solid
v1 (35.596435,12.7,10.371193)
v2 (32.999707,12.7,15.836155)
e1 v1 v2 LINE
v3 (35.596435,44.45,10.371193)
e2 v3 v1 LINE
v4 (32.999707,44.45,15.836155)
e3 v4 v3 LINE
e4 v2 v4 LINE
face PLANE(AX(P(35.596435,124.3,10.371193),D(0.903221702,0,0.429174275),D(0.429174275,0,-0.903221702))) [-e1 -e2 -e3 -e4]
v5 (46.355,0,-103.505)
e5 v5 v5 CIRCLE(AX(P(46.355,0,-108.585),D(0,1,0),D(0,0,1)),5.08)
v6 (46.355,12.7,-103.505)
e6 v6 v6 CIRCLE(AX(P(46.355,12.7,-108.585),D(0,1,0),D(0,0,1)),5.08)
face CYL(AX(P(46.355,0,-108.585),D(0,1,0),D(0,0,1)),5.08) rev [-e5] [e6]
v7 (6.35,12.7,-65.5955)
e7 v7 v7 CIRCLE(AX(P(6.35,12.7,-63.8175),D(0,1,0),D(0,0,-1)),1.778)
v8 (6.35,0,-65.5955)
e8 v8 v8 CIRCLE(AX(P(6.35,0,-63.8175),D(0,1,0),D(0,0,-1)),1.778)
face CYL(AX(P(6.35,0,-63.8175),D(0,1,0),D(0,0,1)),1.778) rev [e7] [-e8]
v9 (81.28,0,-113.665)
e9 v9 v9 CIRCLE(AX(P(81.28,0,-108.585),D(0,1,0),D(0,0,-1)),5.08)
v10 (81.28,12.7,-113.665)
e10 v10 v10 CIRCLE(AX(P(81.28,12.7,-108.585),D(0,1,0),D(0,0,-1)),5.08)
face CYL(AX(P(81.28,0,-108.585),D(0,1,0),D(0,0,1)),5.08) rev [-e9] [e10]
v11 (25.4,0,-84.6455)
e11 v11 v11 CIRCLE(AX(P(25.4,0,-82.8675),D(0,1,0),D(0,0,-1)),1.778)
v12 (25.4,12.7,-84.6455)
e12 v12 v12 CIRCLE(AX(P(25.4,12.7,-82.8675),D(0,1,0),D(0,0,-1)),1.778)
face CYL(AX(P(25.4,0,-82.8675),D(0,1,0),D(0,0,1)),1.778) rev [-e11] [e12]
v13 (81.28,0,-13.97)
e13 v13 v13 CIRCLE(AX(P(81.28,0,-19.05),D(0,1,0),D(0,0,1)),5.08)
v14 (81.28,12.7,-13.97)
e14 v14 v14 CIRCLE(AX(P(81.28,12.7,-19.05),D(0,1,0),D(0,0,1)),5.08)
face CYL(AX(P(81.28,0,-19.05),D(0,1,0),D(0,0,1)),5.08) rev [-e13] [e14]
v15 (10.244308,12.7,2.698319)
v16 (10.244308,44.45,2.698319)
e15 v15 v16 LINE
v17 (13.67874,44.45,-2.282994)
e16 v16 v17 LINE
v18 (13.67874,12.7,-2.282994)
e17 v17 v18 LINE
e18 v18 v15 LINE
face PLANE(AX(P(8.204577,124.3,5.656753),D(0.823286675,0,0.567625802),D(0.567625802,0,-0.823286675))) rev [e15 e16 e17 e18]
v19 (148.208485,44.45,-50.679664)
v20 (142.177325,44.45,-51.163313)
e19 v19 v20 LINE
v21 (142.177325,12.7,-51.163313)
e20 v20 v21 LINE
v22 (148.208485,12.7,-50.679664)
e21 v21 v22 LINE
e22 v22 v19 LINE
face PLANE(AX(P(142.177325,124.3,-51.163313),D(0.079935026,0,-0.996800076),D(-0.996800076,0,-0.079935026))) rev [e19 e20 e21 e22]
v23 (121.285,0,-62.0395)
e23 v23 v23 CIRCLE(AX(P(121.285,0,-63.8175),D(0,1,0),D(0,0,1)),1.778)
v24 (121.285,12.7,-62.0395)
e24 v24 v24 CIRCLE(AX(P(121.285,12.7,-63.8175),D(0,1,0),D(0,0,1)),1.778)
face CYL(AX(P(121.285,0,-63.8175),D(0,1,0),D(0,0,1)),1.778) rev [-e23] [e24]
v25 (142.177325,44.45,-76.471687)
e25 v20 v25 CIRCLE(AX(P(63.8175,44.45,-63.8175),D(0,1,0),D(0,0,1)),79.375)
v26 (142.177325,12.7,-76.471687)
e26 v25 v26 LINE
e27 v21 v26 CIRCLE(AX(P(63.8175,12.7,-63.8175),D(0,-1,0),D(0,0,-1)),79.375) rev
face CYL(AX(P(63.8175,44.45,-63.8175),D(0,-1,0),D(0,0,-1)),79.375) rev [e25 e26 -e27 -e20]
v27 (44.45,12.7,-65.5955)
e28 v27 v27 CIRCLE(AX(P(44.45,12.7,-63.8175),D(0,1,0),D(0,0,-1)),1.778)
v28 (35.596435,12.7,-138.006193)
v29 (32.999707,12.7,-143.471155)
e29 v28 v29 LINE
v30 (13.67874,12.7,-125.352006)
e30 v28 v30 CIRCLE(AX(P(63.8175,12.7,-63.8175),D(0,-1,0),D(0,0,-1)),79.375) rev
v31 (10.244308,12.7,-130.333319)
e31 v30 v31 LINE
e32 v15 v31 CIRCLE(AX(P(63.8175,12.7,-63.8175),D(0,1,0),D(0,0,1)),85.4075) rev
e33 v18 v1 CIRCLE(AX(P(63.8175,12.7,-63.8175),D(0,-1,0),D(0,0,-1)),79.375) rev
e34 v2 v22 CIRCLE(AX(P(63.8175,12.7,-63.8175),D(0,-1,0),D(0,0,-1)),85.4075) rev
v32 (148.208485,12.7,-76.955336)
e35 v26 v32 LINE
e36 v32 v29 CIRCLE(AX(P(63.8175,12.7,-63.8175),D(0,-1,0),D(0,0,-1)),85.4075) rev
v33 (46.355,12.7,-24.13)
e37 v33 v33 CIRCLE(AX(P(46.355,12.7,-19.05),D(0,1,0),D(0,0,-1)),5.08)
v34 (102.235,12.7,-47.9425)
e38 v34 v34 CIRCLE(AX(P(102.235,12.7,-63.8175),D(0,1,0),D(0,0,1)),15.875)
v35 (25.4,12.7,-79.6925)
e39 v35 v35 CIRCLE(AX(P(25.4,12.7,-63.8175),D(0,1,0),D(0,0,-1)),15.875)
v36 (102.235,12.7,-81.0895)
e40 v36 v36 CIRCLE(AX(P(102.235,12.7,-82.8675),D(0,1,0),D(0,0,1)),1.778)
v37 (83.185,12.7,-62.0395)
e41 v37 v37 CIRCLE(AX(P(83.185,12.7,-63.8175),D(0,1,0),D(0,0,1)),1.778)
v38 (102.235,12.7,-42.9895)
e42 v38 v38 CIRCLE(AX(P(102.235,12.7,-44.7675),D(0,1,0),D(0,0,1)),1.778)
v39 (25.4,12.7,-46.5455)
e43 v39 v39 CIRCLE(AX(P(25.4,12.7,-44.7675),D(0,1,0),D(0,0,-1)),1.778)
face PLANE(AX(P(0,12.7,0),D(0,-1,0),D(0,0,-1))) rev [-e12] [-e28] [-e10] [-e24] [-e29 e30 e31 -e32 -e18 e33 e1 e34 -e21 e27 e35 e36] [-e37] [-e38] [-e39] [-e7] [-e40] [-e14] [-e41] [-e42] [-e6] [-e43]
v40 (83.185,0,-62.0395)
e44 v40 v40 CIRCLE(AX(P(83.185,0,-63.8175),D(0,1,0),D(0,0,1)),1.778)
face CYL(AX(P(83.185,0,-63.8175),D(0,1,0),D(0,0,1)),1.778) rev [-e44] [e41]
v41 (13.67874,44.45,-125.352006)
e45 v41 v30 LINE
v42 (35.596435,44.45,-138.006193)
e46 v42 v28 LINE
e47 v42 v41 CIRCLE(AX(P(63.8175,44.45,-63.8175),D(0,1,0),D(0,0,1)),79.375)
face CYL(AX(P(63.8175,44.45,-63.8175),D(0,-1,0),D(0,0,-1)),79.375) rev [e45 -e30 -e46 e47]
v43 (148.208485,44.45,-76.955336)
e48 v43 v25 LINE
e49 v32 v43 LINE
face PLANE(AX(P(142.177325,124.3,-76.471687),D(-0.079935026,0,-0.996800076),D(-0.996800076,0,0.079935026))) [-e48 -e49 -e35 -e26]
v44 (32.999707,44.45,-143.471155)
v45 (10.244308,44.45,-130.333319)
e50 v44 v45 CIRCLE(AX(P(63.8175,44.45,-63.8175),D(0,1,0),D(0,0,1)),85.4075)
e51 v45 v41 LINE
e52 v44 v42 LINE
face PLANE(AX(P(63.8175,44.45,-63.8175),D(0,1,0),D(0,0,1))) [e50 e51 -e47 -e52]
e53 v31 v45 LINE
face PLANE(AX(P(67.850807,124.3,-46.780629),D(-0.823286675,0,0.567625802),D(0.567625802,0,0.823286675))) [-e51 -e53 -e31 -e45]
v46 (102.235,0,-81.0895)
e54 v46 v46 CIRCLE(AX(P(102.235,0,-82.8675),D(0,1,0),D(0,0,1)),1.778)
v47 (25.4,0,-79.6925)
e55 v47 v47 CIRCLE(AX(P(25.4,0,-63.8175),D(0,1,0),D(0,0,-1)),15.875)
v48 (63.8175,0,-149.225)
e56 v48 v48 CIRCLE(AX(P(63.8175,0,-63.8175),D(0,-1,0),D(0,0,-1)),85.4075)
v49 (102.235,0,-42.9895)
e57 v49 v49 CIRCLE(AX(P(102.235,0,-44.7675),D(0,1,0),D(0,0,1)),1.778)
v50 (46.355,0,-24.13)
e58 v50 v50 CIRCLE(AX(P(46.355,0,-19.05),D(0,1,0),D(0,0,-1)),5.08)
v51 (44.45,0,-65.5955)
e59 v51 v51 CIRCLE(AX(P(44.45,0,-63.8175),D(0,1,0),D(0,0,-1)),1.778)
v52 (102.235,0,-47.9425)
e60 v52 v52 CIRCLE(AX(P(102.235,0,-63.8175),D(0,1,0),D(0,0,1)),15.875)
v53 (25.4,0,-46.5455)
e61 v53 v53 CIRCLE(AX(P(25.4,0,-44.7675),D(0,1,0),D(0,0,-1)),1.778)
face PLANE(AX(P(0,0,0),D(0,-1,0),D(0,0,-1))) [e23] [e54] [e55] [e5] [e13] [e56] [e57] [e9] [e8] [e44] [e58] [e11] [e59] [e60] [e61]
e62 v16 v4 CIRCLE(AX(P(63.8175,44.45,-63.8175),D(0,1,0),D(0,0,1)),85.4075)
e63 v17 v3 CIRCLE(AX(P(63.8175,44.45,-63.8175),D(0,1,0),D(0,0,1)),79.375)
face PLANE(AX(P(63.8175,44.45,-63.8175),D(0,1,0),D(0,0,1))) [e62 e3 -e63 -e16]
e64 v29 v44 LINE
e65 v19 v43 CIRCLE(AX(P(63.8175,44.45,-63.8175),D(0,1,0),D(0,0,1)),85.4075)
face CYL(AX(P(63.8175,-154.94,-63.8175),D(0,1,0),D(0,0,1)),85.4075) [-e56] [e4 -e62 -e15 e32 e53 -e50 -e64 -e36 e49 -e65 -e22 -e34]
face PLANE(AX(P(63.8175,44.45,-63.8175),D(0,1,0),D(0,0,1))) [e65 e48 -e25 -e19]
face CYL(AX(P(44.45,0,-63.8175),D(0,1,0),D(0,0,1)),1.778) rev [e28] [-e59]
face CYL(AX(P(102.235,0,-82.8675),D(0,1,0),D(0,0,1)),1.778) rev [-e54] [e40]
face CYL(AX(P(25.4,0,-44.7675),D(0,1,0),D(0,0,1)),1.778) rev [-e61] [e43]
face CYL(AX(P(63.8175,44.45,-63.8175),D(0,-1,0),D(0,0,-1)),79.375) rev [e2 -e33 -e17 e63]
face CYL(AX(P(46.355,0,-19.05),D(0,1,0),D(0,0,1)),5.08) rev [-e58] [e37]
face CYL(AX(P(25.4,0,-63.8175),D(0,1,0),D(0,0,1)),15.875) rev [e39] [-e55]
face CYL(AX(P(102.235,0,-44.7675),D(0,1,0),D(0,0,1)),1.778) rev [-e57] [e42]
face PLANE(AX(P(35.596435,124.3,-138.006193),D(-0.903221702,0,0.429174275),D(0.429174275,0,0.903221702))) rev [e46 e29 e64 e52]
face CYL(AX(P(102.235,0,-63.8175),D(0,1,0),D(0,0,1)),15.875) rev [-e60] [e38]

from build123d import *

# Parameters (mm, degrees)
SKETCH1_W           = 127.635
SKETCH1_H           = 127.635
MAIN_PLATE_DEPTH    = 12.7
SKETCH9_R           = 85.725
BOSS_EXTRUDE1_DEPTH = 12.7
SKETCH10_R          = 95.25
SKETCH10_R_2        = 85.4075
CUT_EXTRUDE1_DEPTH  = 167.64
SKETCH18_R          = 85.4075
SKETCH18_R_2        = 79.375
BOSS_EXTRUDE2_DEPTH = 38.1
SKETCH21_R          = 15.875
SKETCH21_R_2        = 1.778
CO2_MOUNTS_DEPTH    = 13.7
SKETCH22_R          = 5.08
CUT_EXTRUDE5_DEPTH  = 13.7
SKETCH23_R          = 79.375
CUT_EXTRUDE6_DEPTH  = 111.600000066


with BuildPart() as part:
    # Sketch1 → Main Plate (new body)
    with BuildSketch(Plane(origin=(0, 0, 0), x_dir=(1, 0, 0), z_dir=(0, 1, 0))):
        with Locations((63.8175, 63.8175)):
            Rectangle(SKETCH1_W, SKETCH1_H)
    extrude(amount=MAIN_PLATE_DEPTH)

    # Sketch9 → Boss-Extrude1 (add)
    with BuildSketch(Plane(origin=(0, 12.7, 0), x_dir=(1, 0, 0), z_dir=(0, 1, 0))):
        with Locations((63.8175, 63.8175)):
            Circle(SKETCH9_R)
    extrude(amount=-BOSS_EXTRUDE1_DEPTH)

    # Sketch10 → Cut-Extrude1 (cut)
    with BuildSketch(Plane(origin=(0, 12.7, 0), x_dir=(1, 0, 0), z_dir=(0, 1, 0))):
        with Locations((63.8175, 63.8175)):
            Circle(SKETCH10_R)
        with Locations((63.8175, 63.8175)):
            Circle(SKETCH10_R_2, mode=Mode.SUBTRACT)
    extrude(amount=-CUT_EXTRUDE1_DEPTH, mode=Mode.SUBTRACT)

    # Sketch18 → Boss-Extrude2 (add)
    with BuildSketch(Plane(origin=(0, 6.35, 0), x_dir=(1, 0, 0), z_dir=(0, 1, 0))):
        with Locations((63.8175, 63.8175)):
            Circle(SKETCH18_R)
        with Locations((63.8175, 63.8175)):
            Circle(SKETCH18_R_2, mode=Mode.SUBTRACT)
    extrude(amount=BOSS_EXTRUDE2_DEPTH)

    # Sketch21 → CO2 Mounts (cut, through all)
    with BuildSketch(Plane(origin=(0, 12.7, 0), x_dir=(1, 0, 0), z_dir=(0, 1, 0))):
        with Locations((102.235, 63.8175)):
            Circle(SKETCH21_R)
        with Locations((102.235, 82.8675)):
            Circle(SKETCH21_R_2)
        with Locations((25.4, 63.8175)):
            Circle(SKETCH21_R)
        with Locations((121.285, 63.8175)):
            Circle(SKETCH21_R_2)
        with Locations((102.235, 44.7675)):
            Circle(SKETCH21_R_2)
        with Locations((83.185, 63.8175)):
            Circle(SKETCH21_R_2)
        with Locations((25.4, 82.8675)):
            Circle(SKETCH21_R_2)
        with Locations((6.35, 63.8175)):
            Circle(SKETCH21_R_2)
        with Locations((25.4, 44.7675)):
            Circle(SKETCH21_R_2)
        with Locations((44.45, 63.8175)):
            Circle(SKETCH21_R_2)
    extrude(amount=-CO2_MOUNTS_DEPTH, mode=Mode.SUBTRACT)

    # Sketch22 → Cut-Extrude5 (cut, through all)
    with BuildSketch(Plane(origin=(0, 12.7, 0), x_dir=(1, 0, 0), z_dir=(0, 1, 0))):
        with Locations((46.355, 108.585)):
            Circle(SKETCH22_R)
        with Locations((81.28, 108.585)):
            Circle(SKETCH22_R)
        with Locations((81.28, 19.05)):
            Circle(SKETCH22_R)
        with Locations((46.355, 19.05)):
            Circle(SKETCH22_R)
    extrude(amount=-CUT_EXTRUDE5_DEPTH, mode=Mode.SUBTRACT)

    # Sketch23 → Cut-Extrude6 (cut)
    with BuildSketch(Plane(origin=(0, 12.7, 0), x_dir=(1, 0, 0), z_dir=(0, 1, 0))):
        with Locations((63.8175, 63.8175)):
            Circle(SKETCH23_R)
        with BuildLine():
            Line((13.678739997, 125.352005526), (7.552270878, 134.237860218))
            Line((7.552270878, 134.237860218), (-19.267108419, 125.320629884))
            Line((-19.267108419, 125.320629884), (-48.79695837, 60.397770071))
            Line((-48.79695837, 60.397770071), (-9.884344094, 7.052469015))
            Line((-9.884344094, 7.052469015), (6.959175986, -7.46308736))
            Line((6.959175986, -7.46308736), (13.678739997, 2.282994474))
            ThreePointArc((13.678739997, 2.282994474), (-15.5575, 63.8175), (13.678739997, 125.352005526))
        make_face()
        with BuildLine():
            Line((142.177324996, 76.471687114), (152.935935453, 77.334437661))
            Line((152.935935453, 77.334437661), (158.623077101, 105.019316613))
            Line((158.623077101, 105.019316613), (117.163156193, 163.054346747))
            Line((117.163156193, 163.054346747), (51.508463168, 156.027684783))
            Line((51.508463168, 156.027684783), (30.515862556, 148.698546693))
            Line((30.515862556, 148.698546693), (35.596435007, 138.00619264))
            ThreePointArc((35.596435007, 138.00619264), (103.505, 132.558266425), (142.177324996, 76.471687114))
        make_face()
        with BuildLine():
            Line((35.596435007, -10.37119264), (30.964293669, -20.119797879))
            Line((30.964293669, -20.119797879), (52.096531318, -38.887446496))
            Line((52.096531318, -38.887446496), (123.086302178, -31.999616818))
            Line((123.086302178, -31.999616818), (149.828380926, 28.372346201))
            Line((149.828380926, 28.372346201), (153.977461458, 50.217040667))
            Line((153.977461458, 50.217040667), (142.177324996, 51.163312886))
            ThreePointArc((142.177324996, 51.163312886), (103.505, -4.923266425), (35.596435007, -10.37119264))
        make_face()
    extrude(amount=CUT_EXTRUDE6_DEPTH, mode=Mode.SUBTRACT)


solid = part.part
